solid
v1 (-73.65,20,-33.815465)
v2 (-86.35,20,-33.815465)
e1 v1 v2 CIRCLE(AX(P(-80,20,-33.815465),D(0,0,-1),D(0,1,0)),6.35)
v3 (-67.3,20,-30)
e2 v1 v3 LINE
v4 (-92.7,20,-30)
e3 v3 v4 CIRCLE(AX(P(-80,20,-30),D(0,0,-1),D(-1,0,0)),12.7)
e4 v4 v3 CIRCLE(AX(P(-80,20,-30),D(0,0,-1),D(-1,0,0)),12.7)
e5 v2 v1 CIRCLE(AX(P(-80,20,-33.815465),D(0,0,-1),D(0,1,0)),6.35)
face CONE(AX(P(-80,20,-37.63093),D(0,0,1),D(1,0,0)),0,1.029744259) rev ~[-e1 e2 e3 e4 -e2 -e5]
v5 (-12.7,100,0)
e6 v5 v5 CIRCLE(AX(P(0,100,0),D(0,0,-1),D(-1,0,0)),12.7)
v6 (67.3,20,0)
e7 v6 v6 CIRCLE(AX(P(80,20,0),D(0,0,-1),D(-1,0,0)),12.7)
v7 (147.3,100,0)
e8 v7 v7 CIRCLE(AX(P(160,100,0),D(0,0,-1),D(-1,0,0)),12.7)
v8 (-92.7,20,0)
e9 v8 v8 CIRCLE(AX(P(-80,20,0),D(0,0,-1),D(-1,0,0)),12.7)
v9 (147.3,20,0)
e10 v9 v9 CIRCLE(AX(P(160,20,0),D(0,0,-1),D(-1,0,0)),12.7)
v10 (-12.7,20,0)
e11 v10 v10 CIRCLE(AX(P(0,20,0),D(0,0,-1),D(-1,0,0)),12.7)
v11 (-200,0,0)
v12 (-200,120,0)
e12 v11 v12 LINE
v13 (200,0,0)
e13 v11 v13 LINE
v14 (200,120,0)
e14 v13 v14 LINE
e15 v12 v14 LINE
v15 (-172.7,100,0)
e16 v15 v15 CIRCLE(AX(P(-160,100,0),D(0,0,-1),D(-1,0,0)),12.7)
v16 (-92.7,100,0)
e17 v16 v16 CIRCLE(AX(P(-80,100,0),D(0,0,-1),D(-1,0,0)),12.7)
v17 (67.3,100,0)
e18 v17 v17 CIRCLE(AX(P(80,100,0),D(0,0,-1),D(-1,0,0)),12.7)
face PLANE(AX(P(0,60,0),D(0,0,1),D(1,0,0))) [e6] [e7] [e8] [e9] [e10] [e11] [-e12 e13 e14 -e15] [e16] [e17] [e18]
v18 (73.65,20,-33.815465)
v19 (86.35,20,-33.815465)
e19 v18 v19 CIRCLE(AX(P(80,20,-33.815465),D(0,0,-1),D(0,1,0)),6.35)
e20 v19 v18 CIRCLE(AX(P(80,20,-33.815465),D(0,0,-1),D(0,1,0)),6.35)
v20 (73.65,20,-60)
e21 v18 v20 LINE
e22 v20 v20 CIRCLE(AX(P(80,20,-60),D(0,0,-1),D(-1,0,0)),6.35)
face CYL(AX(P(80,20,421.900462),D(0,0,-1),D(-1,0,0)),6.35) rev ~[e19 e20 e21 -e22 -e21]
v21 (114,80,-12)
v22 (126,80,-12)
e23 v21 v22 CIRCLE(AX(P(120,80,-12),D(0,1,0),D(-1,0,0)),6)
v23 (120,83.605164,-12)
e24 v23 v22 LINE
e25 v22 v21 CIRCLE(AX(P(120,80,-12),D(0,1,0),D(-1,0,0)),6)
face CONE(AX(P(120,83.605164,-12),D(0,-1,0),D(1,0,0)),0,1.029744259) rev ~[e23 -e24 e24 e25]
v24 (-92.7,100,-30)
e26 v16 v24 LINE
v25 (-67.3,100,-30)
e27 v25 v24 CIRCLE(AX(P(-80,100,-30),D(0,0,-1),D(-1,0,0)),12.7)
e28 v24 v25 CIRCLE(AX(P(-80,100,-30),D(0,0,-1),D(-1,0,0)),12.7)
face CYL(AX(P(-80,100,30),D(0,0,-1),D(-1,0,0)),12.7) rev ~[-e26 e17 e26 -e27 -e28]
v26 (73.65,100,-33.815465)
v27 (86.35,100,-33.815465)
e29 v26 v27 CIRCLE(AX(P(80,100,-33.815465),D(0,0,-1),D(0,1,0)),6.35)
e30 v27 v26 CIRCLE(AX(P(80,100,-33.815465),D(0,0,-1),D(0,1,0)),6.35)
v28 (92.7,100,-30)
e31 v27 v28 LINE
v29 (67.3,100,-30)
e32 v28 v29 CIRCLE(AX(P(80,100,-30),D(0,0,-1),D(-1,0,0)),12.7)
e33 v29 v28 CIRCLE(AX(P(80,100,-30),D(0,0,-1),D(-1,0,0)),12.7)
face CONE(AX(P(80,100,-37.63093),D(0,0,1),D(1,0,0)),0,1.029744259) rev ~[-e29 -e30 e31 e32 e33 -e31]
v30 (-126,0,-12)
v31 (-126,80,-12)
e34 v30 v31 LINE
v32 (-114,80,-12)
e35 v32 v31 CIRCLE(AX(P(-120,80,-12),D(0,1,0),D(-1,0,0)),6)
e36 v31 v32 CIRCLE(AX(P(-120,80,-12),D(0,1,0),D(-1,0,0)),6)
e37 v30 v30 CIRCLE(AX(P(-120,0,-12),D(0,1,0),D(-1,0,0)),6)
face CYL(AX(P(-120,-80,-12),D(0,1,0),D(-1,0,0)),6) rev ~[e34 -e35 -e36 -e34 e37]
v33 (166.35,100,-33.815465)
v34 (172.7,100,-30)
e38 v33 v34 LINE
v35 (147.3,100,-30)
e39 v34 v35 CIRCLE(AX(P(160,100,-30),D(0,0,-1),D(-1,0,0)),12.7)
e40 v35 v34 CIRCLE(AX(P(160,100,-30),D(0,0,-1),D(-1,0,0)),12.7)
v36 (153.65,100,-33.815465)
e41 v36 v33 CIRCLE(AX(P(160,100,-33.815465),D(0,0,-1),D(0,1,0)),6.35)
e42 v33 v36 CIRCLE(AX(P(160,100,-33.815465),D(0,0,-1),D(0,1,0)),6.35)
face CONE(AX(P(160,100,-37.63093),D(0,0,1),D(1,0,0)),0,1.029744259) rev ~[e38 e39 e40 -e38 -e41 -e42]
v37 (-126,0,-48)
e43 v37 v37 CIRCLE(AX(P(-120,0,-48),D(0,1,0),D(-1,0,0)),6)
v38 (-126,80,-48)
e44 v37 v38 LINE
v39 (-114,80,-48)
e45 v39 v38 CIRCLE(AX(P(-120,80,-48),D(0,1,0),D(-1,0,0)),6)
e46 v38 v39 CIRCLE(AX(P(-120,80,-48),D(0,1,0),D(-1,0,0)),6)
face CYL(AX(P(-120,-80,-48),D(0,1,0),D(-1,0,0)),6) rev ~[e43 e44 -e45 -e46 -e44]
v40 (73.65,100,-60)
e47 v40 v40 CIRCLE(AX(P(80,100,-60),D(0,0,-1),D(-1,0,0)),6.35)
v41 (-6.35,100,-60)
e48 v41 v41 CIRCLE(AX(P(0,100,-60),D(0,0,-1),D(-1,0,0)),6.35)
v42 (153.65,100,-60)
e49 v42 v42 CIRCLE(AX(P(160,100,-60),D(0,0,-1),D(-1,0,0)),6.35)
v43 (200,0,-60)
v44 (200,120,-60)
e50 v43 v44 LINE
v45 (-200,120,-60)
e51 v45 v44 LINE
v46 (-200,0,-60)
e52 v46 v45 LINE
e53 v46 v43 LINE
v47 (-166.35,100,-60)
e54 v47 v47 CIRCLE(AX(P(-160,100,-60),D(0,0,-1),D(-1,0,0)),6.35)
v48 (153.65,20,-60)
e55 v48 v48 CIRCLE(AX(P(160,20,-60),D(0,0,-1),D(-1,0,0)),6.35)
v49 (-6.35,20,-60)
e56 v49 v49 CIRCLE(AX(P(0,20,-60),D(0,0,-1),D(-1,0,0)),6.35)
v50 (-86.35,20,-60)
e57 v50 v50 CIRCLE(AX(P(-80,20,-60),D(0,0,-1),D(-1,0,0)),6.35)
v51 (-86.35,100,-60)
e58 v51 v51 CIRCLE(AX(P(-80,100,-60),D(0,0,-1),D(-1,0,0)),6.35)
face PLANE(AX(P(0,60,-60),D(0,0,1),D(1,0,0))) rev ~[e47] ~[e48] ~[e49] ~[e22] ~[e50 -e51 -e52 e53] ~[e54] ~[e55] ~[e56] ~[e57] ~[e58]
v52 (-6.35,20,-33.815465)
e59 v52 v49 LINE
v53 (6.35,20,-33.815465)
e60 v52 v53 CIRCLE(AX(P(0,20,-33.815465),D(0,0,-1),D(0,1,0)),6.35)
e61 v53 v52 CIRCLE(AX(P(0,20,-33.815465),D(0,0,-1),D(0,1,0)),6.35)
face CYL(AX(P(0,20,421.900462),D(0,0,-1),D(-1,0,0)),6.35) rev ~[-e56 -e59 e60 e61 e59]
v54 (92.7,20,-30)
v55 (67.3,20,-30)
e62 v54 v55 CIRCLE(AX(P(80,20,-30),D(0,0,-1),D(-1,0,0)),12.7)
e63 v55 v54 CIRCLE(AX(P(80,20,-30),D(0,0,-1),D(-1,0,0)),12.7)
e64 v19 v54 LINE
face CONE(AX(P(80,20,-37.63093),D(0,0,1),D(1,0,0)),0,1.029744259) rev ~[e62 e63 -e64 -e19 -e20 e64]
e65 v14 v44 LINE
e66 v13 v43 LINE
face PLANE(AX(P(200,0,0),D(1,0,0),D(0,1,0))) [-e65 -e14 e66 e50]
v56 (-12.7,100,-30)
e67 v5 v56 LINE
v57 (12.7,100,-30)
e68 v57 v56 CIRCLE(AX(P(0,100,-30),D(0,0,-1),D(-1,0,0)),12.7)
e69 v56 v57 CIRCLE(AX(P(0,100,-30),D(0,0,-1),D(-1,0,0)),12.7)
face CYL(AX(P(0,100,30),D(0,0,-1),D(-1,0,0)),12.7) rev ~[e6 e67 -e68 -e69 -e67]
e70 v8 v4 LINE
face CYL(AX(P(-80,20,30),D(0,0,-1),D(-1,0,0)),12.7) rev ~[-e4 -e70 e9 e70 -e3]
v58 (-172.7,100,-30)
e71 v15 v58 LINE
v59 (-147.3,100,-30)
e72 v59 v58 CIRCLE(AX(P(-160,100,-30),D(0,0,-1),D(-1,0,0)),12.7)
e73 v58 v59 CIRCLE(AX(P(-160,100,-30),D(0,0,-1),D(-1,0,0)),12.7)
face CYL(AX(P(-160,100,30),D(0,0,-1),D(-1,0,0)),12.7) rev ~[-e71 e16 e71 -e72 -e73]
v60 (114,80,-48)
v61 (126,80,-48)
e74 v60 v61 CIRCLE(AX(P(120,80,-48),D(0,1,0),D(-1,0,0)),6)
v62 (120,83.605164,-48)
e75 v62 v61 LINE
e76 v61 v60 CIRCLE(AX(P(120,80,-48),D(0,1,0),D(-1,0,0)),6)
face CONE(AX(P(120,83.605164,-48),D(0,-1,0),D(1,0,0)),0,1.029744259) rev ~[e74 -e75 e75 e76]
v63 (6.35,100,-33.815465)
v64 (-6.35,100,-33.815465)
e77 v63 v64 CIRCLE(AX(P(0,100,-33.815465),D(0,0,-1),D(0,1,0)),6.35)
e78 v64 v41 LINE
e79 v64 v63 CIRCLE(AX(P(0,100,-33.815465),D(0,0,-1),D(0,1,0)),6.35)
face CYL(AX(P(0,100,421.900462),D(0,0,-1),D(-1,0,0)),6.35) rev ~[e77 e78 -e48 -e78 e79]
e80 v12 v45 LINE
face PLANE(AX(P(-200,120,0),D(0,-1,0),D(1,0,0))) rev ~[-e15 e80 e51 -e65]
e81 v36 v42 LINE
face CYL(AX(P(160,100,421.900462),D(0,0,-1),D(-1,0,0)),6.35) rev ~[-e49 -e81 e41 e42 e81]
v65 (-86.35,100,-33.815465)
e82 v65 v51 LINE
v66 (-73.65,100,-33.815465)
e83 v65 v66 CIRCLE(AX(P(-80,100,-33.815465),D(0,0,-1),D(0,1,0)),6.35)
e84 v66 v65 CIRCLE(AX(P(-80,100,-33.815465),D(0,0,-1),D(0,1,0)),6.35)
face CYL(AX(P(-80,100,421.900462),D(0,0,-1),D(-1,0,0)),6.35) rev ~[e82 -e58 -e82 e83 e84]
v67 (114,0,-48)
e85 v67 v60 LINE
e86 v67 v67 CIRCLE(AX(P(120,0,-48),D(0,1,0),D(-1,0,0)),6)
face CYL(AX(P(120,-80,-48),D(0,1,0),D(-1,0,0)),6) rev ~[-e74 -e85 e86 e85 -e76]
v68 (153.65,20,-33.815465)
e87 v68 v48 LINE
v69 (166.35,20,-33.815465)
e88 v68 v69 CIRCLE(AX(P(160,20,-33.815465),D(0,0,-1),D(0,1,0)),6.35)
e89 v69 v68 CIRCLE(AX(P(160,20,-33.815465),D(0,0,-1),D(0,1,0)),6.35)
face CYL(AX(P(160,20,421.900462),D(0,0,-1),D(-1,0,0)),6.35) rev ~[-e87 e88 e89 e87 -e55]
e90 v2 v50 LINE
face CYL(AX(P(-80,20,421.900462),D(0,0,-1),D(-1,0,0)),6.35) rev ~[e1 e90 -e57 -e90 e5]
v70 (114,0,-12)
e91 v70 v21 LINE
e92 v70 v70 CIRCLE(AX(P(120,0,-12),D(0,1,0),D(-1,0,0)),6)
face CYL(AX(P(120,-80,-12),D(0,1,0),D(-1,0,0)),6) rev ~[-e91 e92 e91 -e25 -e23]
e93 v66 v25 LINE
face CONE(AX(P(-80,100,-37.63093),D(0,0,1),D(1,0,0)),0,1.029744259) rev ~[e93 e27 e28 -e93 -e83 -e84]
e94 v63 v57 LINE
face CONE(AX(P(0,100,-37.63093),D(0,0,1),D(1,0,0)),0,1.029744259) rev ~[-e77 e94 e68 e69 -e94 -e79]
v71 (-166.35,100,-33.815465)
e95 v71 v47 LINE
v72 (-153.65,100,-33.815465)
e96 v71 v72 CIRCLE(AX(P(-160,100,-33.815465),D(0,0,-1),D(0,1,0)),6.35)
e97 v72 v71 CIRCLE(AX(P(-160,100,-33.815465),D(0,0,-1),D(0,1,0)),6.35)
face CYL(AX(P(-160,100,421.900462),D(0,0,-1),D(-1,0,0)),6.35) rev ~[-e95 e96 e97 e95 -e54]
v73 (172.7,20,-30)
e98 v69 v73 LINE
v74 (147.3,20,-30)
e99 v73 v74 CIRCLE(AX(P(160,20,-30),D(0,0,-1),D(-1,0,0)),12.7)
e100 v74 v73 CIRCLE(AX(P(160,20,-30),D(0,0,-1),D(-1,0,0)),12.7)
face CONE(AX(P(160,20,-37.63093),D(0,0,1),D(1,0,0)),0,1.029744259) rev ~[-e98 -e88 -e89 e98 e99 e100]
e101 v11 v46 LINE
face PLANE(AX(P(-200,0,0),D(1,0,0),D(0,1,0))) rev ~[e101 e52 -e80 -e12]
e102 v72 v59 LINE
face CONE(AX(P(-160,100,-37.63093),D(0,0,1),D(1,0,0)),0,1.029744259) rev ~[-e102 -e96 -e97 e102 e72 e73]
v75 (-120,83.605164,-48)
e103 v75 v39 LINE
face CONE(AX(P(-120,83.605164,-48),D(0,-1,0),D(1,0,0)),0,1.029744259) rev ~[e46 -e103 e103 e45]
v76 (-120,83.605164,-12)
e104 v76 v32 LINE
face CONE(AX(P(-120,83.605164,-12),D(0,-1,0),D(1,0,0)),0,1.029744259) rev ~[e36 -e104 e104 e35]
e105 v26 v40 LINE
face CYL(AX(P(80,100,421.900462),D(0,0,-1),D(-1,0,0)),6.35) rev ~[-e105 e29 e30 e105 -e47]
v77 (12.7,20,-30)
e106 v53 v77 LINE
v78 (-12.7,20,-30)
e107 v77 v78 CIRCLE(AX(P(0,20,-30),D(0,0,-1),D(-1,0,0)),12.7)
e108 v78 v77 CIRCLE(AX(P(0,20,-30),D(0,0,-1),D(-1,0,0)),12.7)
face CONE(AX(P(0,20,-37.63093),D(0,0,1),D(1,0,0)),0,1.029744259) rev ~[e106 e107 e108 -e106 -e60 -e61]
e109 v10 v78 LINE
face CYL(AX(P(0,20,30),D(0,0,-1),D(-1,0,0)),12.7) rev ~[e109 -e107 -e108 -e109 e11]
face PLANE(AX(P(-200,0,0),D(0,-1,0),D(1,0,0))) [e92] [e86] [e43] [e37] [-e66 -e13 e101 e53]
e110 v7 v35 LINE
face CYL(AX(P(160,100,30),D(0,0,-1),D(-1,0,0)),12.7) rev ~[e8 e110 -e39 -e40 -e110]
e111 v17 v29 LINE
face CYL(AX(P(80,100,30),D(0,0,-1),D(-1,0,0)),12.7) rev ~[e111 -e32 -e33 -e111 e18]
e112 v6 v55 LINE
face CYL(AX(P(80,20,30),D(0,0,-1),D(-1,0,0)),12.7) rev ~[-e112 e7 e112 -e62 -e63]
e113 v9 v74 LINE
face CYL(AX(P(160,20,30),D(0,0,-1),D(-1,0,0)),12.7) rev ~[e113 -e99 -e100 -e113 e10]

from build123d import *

# Parameters (mm, degrees)
F0_W     = 400
F0_H     = 120
F0_R     = 12.7
F0_R_2   = 6.35
F1_DEPTH = 60
F3_D     = 12
F3_DEPTH = 80
F3_TIP   = 3.6051637142
F4_D     = 25.4
F4_DEPTH = 30
F4_TIP   = 7.6309298617
F5_D     = 12.7


with BuildPart() as f1:
    # F0 (on Top) → F1 (new body)
    with BuildSketch(Plane.XY):
        with Locations((0, 60)):
            Rectangle(F0_W, F0_H)
        with Locations((-80, 20)):
            Circle(F0_R, mode=Mode.SUBTRACT)
        with Locations((0, 20)):
            Circle(F0_R, mode=Mode.SUBTRACT)
        with Locations((80, 20)):
            Circle(F0_R, mode=Mode.SUBTRACT)
        with Locations((160, 20)):
            Circle(F0_R, mode=Mode.SUBTRACT)
        with Locations((-160, 100)):
            Circle(F0_R, mode=Mode.SUBTRACT)
        with Locations((-80, 100)):
            Circle(F0_R, mode=Mode.SUBTRACT)
        with Locations((0, 100)):
            Circle(F0_R, mode=Mode.SUBTRACT)
        with Locations((80, 100)):
            Circle(F0_R, mode=Mode.SUBTRACT)
        with Locations((160, 100)):
            Circle(F0_R, mode=Mode.SUBTRACT)
        with Locations((-160, 100)):
            Circle(F0_R)
        with Locations((-160, 100)):
            Circle(F0_R_2, mode=Mode.SUBTRACT)
        with Locations((-80, 100)):
            Circle(F0_R)
        with Locations((-80, 100)):
            Circle(F0_R_2, mode=Mode.SUBTRACT)
        with Locations((0, 100)):
            Circle(F0_R)
        with Locations((0, 100)):
            Circle(F0_R_2, mode=Mode.SUBTRACT)
        with Locations((80, 100)):
            Circle(F0_R)
        with Locations((80, 100)):
            Circle(F0_R_2, mode=Mode.SUBTRACT)
        with Locations((160, 100)):
            Circle(F0_R)
        with Locations((160, 100)):
            Circle(F0_R_2, mode=Mode.SUBTRACT)
        with Locations((80, 20)):
            Circle(F0_R)
        with Locations((80, 20)):
            Circle(F0_R_2, mode=Mode.SUBTRACT)
        with Locations((160, 20)):
            Circle(F0_R)
        with Locations((160, 20)):
            Circle(F0_R_2, mode=Mode.SUBTRACT)
        with Locations((0, 20)):
            Circle(F0_R)
        with Locations((0, 20)):
            Circle(F0_R_2, mode=Mode.SUBTRACT)
        with Locations((-80, 20)):
            Circle(F0_R)
        with Locations((-80, 20)):
            Circle(F0_R_2, mode=Mode.SUBTRACT)
        with Locations((-160, 100)):
            Circle(F0_R_2)
        with Locations((-80, 100)):
            Circle(F0_R_2)
        with Locations((0, 100)):
            Circle(F0_R_2)
        with Locations((80, 100)):
            Circle(F0_R_2)
        with Locations((160, 100)):
            Circle(F0_R_2)
        with Locations((80, 20)):
            Circle(F0_R_2)
        with Locations((160, 20)):
            Circle(F0_R_2)
        with Locations((0, 20)):
            Circle(F0_R_2)
        with Locations((-80, 20)):
            Circle(F0_R_2)
    extrude(amount=-F1_DEPTH)

    # F3
    with Locations(Plane.XZ):
        with Locations((-120, -12), (-120, -48), (120, -48), (120, -12)):
            Hole(F3_D / 2, depth=F3_DEPTH)
            with Locations((0, 0, -(F3_DEPTH + F3_TIP / 2))):  # 118° drill point
                Cone(0, F3_D / 2, F3_TIP, mode=Mode.SUBTRACT)

    # F4
    with Locations(Plane.XY):
        with Locations((-160, 100), (-80, 100), (0, 100), (80, 100), (160, 100), (160, 20), (80, 20), (0, 20), (-80, 20)):
            Hole(F4_D / 2, depth=F4_DEPTH)
            with Locations((0, 0, -(F4_DEPTH + F4_TIP / 2))):  # 118° drill point
                Cone(0, F4_D / 2, F4_TIP, mode=Mode.SUBTRACT)

    # F5 (through all)
    with Locations(Plane.XY):
        with Locations((-80, 20), (-80, 100), (-160, 100), (0, 100), (0, 20), (80, 20), (80, 100), (160, 100), (160, 20)):
            Hole(F5_D / 2)


solid = f1.part
